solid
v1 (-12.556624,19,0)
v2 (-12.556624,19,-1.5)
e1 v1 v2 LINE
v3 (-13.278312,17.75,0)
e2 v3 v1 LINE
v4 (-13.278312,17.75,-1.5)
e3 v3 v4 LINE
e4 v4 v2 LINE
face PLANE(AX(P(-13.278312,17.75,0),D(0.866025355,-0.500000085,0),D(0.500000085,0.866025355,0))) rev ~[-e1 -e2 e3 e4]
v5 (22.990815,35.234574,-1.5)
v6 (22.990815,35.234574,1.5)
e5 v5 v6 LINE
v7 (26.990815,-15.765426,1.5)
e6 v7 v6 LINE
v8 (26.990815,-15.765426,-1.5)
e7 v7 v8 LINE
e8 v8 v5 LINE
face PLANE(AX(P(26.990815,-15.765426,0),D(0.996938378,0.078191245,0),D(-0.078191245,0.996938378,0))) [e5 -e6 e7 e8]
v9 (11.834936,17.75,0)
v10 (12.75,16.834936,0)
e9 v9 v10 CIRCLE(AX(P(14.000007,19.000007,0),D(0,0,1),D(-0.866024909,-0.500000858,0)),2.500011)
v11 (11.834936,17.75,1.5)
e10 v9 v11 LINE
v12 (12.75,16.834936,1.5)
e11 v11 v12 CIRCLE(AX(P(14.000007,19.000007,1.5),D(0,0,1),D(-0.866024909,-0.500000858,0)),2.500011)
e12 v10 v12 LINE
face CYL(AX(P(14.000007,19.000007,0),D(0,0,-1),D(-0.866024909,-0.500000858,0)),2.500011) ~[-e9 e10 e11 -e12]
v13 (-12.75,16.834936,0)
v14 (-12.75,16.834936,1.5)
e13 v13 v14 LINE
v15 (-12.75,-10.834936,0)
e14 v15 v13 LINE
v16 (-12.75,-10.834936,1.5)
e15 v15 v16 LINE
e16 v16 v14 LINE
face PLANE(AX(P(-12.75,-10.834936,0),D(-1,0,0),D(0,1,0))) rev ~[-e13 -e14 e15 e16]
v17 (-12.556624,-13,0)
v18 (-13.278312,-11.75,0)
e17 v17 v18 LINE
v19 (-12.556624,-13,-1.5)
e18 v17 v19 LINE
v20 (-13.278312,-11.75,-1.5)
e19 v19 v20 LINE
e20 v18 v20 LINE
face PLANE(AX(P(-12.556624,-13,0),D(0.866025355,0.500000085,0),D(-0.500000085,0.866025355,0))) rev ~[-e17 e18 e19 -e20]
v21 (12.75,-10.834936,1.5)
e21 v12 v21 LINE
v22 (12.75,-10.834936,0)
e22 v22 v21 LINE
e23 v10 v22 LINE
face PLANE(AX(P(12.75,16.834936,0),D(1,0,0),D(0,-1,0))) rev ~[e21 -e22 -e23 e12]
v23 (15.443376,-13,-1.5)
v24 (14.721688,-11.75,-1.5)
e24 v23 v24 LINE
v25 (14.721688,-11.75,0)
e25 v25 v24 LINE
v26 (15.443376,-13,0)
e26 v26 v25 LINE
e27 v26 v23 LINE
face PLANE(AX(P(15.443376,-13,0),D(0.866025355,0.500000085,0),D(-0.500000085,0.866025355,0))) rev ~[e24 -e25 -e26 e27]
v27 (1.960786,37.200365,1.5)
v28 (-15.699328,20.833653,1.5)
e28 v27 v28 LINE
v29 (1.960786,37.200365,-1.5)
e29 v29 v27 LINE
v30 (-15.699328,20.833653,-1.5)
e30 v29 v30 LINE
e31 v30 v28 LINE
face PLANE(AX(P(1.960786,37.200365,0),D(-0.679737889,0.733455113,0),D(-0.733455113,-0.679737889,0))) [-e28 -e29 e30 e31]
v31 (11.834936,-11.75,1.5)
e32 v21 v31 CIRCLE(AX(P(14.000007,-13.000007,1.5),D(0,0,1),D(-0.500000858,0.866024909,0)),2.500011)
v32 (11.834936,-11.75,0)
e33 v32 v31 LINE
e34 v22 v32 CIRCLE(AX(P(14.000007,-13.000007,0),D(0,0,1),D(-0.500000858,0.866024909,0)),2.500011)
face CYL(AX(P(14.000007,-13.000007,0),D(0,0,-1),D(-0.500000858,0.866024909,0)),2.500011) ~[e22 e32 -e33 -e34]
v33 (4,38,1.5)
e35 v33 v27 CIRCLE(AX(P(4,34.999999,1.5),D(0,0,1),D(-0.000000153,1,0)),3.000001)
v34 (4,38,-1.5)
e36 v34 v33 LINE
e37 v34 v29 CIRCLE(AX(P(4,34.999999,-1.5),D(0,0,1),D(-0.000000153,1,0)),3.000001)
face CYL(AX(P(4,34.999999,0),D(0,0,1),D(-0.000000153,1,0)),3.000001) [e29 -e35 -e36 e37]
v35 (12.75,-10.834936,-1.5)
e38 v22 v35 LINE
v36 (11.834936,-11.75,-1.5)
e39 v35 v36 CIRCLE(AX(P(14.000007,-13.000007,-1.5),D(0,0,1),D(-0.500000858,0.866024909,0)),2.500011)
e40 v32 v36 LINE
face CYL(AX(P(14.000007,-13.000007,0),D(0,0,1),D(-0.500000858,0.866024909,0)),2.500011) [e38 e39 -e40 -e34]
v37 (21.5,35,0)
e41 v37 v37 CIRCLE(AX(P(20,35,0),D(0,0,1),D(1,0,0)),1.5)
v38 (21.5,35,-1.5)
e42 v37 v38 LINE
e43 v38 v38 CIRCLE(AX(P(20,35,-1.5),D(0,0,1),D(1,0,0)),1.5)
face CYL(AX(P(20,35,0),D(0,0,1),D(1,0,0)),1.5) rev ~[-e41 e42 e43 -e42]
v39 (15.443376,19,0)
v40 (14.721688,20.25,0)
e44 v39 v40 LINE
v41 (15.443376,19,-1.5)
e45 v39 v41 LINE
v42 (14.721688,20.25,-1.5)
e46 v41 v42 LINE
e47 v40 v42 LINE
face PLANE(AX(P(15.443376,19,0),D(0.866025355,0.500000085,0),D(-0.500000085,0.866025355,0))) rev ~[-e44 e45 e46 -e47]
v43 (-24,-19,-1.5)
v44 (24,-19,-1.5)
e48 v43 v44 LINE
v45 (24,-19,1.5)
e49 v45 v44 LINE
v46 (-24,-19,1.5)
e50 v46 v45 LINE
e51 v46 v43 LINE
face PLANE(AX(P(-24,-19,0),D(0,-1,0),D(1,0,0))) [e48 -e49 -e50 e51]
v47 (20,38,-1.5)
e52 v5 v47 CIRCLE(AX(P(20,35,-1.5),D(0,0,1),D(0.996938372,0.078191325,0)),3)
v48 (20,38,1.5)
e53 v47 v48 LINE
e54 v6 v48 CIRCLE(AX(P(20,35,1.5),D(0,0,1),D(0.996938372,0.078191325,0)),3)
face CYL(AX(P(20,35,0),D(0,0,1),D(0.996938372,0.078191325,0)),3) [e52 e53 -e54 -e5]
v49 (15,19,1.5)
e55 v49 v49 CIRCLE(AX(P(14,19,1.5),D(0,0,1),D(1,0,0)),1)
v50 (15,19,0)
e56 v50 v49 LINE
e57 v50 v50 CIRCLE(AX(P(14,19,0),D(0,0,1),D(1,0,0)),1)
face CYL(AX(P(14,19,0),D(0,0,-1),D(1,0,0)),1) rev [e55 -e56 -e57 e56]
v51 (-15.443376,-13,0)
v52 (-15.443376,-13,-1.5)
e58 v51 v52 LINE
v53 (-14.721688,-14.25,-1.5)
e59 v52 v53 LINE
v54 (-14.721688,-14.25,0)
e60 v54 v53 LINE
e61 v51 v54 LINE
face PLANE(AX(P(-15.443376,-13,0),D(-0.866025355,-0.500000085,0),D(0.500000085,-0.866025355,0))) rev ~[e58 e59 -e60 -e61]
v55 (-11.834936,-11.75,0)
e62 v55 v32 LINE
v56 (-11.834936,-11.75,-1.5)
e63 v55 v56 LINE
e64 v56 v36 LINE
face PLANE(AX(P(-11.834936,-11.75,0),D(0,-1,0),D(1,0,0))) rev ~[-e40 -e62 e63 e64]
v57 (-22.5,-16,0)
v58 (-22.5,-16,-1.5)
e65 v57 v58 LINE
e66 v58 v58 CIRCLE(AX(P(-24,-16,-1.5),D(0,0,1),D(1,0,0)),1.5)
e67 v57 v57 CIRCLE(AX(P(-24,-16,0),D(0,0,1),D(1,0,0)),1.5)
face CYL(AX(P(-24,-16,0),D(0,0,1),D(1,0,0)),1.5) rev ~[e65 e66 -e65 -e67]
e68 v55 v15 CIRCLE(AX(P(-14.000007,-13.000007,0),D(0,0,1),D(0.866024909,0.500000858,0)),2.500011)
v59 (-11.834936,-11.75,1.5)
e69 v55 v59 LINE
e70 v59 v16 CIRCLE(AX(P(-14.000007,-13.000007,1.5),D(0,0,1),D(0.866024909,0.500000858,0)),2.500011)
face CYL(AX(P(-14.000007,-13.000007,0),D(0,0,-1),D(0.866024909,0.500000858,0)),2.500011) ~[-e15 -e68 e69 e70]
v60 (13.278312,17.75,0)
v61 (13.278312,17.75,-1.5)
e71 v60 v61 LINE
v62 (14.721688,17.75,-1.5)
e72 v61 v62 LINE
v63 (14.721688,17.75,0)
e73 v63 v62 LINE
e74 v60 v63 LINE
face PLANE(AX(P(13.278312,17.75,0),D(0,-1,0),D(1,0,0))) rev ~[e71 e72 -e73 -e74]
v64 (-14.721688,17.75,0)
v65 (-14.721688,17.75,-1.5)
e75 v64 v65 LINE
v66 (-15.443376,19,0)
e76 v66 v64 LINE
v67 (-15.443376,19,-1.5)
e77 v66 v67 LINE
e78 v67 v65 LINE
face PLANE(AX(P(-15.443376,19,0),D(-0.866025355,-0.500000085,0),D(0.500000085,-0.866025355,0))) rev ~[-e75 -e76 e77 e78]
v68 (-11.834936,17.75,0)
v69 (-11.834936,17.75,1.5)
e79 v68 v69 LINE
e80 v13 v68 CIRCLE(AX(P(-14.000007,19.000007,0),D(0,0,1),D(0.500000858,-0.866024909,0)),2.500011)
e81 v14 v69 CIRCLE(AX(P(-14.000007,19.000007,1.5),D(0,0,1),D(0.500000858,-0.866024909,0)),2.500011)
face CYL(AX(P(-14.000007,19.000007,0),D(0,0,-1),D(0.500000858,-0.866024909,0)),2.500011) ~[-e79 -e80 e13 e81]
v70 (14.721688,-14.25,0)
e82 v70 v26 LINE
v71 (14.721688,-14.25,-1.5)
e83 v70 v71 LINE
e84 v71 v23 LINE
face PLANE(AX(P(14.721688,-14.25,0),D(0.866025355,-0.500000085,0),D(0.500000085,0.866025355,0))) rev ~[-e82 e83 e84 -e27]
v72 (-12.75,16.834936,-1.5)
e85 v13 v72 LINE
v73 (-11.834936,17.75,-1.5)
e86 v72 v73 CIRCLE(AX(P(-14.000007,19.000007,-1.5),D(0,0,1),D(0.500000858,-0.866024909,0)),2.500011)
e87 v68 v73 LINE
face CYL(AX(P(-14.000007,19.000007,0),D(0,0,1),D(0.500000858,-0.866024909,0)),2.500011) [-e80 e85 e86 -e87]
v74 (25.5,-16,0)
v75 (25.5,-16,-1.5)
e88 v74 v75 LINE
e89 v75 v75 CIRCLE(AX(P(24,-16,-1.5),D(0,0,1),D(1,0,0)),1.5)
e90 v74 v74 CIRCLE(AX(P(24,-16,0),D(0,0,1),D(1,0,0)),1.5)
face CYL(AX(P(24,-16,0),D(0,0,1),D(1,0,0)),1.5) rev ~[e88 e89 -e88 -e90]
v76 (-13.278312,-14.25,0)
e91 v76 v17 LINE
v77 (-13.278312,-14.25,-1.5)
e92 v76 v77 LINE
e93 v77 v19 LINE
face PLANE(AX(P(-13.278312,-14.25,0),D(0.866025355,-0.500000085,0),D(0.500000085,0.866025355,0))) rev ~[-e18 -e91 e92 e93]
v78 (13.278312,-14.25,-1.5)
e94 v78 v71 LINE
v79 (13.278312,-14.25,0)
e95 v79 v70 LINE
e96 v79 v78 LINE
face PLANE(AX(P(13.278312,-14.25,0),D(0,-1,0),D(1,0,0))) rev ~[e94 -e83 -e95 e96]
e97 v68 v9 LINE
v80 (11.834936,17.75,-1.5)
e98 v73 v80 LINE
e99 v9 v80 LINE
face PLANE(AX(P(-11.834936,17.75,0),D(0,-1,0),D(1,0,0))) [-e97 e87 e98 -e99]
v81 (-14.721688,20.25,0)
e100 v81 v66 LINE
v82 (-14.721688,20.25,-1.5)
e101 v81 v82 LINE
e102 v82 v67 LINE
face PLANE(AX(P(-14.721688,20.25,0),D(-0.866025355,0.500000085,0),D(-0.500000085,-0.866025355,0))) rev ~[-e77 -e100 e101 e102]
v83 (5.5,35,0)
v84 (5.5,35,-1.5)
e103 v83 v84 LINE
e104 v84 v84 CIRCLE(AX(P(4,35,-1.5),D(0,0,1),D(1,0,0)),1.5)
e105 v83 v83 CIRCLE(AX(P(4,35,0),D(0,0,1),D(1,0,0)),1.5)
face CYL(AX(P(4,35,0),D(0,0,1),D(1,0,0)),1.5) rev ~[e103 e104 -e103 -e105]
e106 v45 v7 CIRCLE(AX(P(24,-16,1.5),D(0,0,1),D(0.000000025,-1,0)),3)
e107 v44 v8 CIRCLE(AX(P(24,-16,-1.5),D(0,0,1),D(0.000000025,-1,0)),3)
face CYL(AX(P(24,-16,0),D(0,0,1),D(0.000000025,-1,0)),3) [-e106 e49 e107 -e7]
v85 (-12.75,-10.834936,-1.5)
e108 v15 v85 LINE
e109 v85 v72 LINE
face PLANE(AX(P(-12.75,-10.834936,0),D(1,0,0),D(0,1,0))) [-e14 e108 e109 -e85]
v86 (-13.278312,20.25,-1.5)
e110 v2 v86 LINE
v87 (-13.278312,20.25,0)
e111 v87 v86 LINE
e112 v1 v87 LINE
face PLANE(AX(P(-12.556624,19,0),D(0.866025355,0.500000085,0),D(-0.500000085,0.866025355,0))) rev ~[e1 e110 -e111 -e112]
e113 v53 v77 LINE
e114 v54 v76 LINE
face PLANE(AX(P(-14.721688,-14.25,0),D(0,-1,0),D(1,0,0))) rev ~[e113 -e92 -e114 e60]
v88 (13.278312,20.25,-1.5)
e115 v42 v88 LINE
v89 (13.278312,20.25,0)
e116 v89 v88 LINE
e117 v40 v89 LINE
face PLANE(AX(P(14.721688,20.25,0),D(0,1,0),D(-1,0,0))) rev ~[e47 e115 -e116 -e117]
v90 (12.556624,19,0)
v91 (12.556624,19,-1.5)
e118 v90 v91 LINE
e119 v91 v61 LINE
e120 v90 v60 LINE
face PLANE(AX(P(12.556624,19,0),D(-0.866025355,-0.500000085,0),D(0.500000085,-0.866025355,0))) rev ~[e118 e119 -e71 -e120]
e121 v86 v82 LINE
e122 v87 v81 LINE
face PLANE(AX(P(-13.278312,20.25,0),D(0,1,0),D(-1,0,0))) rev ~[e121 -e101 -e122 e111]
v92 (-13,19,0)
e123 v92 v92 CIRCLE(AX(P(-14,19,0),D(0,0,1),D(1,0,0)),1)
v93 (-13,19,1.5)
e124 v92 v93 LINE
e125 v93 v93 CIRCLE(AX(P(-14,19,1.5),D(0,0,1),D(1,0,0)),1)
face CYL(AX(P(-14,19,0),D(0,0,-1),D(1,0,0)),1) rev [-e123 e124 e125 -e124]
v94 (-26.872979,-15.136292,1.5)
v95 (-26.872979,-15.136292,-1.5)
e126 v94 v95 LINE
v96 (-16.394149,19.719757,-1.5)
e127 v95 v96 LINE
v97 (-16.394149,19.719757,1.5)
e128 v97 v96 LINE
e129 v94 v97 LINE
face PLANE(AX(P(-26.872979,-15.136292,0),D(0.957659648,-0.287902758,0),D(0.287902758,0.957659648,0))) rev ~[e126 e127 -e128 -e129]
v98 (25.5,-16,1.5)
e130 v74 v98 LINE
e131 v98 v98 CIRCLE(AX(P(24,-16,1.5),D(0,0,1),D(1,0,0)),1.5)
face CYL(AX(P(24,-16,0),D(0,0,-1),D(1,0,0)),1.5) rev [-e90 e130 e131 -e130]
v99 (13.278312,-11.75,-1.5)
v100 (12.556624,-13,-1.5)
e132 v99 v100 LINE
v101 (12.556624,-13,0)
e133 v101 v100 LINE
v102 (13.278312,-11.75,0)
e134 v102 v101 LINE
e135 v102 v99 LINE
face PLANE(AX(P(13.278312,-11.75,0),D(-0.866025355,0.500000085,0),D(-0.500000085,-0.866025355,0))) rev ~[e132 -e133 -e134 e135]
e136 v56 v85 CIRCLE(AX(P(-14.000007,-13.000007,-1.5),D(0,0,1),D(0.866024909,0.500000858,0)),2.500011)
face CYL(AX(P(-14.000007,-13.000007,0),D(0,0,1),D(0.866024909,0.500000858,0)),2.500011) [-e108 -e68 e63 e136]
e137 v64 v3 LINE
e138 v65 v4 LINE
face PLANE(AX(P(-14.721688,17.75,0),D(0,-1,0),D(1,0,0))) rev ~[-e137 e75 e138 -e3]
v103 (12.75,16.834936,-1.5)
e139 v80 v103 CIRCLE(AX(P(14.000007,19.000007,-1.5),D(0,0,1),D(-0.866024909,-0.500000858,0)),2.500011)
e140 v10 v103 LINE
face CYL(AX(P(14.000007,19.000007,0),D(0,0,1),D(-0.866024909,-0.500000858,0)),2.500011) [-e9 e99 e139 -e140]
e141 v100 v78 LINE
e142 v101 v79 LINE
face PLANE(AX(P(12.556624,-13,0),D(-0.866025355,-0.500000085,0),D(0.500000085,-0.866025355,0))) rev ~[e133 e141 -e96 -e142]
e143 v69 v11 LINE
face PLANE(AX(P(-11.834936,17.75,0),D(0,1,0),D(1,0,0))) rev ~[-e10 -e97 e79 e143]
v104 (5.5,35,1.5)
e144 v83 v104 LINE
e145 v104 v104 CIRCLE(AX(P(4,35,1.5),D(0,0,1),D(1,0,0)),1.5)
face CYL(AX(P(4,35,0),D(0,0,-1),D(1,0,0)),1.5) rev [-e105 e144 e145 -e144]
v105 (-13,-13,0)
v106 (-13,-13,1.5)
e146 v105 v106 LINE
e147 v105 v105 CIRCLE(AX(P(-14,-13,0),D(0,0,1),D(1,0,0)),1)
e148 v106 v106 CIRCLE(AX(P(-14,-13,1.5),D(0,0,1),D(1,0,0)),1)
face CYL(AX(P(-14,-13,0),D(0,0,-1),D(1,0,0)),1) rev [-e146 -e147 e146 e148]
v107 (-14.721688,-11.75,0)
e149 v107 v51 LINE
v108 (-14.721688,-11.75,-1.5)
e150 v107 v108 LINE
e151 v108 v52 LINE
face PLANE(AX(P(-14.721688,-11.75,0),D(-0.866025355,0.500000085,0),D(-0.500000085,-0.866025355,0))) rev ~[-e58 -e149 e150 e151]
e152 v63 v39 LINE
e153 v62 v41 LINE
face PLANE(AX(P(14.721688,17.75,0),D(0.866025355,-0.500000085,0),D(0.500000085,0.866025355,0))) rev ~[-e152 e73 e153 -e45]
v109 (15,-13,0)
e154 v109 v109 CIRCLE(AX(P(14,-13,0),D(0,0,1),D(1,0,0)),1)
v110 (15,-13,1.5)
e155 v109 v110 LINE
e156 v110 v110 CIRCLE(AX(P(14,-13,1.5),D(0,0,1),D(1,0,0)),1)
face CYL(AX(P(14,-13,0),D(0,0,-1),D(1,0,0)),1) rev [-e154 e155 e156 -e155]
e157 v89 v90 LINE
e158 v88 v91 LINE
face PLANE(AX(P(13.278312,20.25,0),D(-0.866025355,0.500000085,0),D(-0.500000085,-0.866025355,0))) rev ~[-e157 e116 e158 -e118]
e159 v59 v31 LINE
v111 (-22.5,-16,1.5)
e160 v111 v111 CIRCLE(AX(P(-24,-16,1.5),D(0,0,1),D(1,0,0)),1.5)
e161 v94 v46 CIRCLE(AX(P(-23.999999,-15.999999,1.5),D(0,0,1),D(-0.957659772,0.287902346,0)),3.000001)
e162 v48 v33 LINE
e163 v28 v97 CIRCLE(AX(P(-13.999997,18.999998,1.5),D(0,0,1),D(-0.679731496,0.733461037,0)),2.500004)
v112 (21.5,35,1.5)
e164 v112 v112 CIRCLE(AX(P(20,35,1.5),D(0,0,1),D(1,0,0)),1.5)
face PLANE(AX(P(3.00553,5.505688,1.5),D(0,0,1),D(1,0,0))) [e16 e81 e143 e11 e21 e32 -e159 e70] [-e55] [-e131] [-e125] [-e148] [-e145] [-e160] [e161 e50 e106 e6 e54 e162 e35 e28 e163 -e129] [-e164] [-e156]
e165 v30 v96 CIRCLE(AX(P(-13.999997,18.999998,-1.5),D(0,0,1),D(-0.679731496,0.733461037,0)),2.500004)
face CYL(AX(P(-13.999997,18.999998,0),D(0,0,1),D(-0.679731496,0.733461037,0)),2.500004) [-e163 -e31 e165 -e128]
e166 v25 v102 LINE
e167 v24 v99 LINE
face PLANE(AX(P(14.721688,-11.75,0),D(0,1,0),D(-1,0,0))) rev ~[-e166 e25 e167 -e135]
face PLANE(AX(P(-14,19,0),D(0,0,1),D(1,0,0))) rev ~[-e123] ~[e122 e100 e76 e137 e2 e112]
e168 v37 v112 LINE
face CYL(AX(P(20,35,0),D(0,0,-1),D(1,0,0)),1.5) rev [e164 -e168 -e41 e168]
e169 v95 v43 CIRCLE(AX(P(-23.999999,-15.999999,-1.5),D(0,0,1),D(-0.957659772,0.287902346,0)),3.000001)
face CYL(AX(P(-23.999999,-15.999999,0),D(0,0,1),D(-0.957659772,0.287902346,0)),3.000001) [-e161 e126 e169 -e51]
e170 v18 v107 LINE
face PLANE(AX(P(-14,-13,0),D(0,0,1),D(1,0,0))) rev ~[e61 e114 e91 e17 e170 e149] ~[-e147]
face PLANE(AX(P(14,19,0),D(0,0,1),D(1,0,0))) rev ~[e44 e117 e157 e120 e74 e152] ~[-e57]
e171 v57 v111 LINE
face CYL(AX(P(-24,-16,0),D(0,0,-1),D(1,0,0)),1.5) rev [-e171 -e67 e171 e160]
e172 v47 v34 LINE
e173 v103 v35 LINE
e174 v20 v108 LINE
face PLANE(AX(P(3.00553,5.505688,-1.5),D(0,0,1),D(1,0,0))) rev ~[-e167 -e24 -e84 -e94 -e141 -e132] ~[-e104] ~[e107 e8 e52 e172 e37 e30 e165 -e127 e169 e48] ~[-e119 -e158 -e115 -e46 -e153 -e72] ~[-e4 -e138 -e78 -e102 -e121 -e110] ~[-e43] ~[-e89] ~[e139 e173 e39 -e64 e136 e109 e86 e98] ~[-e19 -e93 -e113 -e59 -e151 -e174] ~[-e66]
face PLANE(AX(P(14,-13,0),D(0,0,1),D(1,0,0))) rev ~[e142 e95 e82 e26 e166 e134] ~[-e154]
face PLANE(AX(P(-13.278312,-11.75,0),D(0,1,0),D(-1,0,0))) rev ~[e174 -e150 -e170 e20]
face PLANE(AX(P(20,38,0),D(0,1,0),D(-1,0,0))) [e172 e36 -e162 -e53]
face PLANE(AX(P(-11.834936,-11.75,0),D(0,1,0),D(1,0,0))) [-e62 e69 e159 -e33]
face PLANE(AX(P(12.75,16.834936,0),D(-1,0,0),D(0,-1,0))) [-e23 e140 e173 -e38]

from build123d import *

# Parameters (mm, degrees)
SKETCH001_R    = 1.5
SKETCH001_R_2  = 1
PAD_DEPTH      = 1.5
PAD_DEPTH_BACK = 1.5
SKETCH002_R    = 1
POCKET_DEPTH   = 2


with BuildPart() as part:
    # Sketch001 → Pad (new body, two sides)
    with BuildSketch(Plane.XY) as pad_sk:
        with BuildLine():
            Line((26.990815, -15.765426), (22.990815, 35.234574))
            ThreePointArc((22.990815, 35.234574), (22.036698, 37.202694), (20, 38))
            Line((20, 38), (4, 38))
            ThreePointArc((4, 38), (2.904805, 37.792946), (1.960786, 37.200365))
            Line((1.960786, 37.200365), (-15.699328, 20.833653))
            ThreePointArc((-15.699328, 20.833653), (-16.121162, 20.323129), (-16.394149, 19.719757))
            Line((-26.872979, -15.136292), (-16.394149, 19.719757))
            ThreePointArc((-26.872979, -15.136292), (-26.407397, -17.790094), (-24, -19))
            Line((-24, -19), (24, -19))
            ThreePointArc((24, -19), (26.202694, -18.036698), (26.990815, -15.765426))
        make_face()
        with Locations((20, 35)):
            Circle(SKETCH001_R, mode=Mode.SUBTRACT)
        with Locations((4, 35)):
            Circle(SKETCH001_R, mode=Mode.SUBTRACT)
        with Locations((-24, -16)):
            Circle(SKETCH001_R, mode=Mode.SUBTRACT)
        with Locations((24, -16)):
            Circle(SKETCH001_R, mode=Mode.SUBTRACT)
        with Locations((-14, 19)):
            Circle(SKETCH001_R_2, mode=Mode.SUBTRACT)
        with Locations((14, 19)):
            Circle(SKETCH001_R_2, mode=Mode.SUBTRACT)
        with Locations((-14, -13)):
            Circle(SKETCH001_R_2, mode=Mode.SUBTRACT)
        with Locations((14, -13)):
            Circle(SKETCH001_R_2, mode=Mode.SUBTRACT)
        with BuildLine():
            ThreePointArc((-12.75, 16.834936), (-12.232233, 17.232233), (-11.834936, 17.75))
            Line((-11.834936, 17.75), (11.834936, 17.75))
            ThreePointArc((11.834936, 17.75), (12.232233, 17.232233), (12.75, 16.834936))
            Line((12.75, 16.834936), (12.75, -10.834936))
            ThreePointArc((12.75, -10.834936), (12.232233, -11.232233), (11.834936, -11.75))
            Line((-11.834936, -11.75), (11.834936, -11.75))
            ThreePointArc((-11.834936, -11.75), (-12.232233, -11.232233), (-12.75, -10.834936))
            Line((-12.75, -10.834936), (-12.75, 16.834936))
        make_face(mode=Mode.SUBTRACT)
    extrude(amount=PAD_DEPTH)
    extrude(pad_sk.sketch, amount=-PAD_DEPTH_BACK)

    # Sketch002 → Pocket (cut)
    with BuildSketch(Plane.XY):
        Polygon((-13.278312, -14.25), (-12.556624, -13), (-13.278312, -11.75), (-14.721688, -11.75), (-15.443376, -13), (-14.721688, -14.25), align=None)
        with Locations((-14, -13)):
            Circle(SKETCH002_R, mode=Mode.SUBTRACT)
        Polygon((14.721688, -14.25), (15.443376, -13), (14.721688, -11.75), (13.278312, -11.75), (12.556624, -13), (13.278312, -14.25), align=None)
        with Locations((14, -13)):
            Circle(SKETCH002_R, mode=Mode.SUBTRACT)
        Polygon((14.721688, 17.75), (15.443376, 19), (14.721688, 20.25), (13.278312, 20.25), (12.556624, 19), (13.278312, 17.75), align=None)
        with Locations((14, 19)):
            Circle(SKETCH002_R, mode=Mode.SUBTRACT)
        Polygon((-13.278312, 17.75), (-12.556624, 19), (-13.278312, 20.25), (-14.721688, 20.25), (-15.443376, 19), (-14.721688, 17.75), align=None)
        with Locations((-14, 19)):
            Circle(SKETCH002_R, mode=Mode.SUBTRACT)
    extrude(amount=-POCKET_DEPTH, mode=Mode.SUBTRACT)


solid = part.part
